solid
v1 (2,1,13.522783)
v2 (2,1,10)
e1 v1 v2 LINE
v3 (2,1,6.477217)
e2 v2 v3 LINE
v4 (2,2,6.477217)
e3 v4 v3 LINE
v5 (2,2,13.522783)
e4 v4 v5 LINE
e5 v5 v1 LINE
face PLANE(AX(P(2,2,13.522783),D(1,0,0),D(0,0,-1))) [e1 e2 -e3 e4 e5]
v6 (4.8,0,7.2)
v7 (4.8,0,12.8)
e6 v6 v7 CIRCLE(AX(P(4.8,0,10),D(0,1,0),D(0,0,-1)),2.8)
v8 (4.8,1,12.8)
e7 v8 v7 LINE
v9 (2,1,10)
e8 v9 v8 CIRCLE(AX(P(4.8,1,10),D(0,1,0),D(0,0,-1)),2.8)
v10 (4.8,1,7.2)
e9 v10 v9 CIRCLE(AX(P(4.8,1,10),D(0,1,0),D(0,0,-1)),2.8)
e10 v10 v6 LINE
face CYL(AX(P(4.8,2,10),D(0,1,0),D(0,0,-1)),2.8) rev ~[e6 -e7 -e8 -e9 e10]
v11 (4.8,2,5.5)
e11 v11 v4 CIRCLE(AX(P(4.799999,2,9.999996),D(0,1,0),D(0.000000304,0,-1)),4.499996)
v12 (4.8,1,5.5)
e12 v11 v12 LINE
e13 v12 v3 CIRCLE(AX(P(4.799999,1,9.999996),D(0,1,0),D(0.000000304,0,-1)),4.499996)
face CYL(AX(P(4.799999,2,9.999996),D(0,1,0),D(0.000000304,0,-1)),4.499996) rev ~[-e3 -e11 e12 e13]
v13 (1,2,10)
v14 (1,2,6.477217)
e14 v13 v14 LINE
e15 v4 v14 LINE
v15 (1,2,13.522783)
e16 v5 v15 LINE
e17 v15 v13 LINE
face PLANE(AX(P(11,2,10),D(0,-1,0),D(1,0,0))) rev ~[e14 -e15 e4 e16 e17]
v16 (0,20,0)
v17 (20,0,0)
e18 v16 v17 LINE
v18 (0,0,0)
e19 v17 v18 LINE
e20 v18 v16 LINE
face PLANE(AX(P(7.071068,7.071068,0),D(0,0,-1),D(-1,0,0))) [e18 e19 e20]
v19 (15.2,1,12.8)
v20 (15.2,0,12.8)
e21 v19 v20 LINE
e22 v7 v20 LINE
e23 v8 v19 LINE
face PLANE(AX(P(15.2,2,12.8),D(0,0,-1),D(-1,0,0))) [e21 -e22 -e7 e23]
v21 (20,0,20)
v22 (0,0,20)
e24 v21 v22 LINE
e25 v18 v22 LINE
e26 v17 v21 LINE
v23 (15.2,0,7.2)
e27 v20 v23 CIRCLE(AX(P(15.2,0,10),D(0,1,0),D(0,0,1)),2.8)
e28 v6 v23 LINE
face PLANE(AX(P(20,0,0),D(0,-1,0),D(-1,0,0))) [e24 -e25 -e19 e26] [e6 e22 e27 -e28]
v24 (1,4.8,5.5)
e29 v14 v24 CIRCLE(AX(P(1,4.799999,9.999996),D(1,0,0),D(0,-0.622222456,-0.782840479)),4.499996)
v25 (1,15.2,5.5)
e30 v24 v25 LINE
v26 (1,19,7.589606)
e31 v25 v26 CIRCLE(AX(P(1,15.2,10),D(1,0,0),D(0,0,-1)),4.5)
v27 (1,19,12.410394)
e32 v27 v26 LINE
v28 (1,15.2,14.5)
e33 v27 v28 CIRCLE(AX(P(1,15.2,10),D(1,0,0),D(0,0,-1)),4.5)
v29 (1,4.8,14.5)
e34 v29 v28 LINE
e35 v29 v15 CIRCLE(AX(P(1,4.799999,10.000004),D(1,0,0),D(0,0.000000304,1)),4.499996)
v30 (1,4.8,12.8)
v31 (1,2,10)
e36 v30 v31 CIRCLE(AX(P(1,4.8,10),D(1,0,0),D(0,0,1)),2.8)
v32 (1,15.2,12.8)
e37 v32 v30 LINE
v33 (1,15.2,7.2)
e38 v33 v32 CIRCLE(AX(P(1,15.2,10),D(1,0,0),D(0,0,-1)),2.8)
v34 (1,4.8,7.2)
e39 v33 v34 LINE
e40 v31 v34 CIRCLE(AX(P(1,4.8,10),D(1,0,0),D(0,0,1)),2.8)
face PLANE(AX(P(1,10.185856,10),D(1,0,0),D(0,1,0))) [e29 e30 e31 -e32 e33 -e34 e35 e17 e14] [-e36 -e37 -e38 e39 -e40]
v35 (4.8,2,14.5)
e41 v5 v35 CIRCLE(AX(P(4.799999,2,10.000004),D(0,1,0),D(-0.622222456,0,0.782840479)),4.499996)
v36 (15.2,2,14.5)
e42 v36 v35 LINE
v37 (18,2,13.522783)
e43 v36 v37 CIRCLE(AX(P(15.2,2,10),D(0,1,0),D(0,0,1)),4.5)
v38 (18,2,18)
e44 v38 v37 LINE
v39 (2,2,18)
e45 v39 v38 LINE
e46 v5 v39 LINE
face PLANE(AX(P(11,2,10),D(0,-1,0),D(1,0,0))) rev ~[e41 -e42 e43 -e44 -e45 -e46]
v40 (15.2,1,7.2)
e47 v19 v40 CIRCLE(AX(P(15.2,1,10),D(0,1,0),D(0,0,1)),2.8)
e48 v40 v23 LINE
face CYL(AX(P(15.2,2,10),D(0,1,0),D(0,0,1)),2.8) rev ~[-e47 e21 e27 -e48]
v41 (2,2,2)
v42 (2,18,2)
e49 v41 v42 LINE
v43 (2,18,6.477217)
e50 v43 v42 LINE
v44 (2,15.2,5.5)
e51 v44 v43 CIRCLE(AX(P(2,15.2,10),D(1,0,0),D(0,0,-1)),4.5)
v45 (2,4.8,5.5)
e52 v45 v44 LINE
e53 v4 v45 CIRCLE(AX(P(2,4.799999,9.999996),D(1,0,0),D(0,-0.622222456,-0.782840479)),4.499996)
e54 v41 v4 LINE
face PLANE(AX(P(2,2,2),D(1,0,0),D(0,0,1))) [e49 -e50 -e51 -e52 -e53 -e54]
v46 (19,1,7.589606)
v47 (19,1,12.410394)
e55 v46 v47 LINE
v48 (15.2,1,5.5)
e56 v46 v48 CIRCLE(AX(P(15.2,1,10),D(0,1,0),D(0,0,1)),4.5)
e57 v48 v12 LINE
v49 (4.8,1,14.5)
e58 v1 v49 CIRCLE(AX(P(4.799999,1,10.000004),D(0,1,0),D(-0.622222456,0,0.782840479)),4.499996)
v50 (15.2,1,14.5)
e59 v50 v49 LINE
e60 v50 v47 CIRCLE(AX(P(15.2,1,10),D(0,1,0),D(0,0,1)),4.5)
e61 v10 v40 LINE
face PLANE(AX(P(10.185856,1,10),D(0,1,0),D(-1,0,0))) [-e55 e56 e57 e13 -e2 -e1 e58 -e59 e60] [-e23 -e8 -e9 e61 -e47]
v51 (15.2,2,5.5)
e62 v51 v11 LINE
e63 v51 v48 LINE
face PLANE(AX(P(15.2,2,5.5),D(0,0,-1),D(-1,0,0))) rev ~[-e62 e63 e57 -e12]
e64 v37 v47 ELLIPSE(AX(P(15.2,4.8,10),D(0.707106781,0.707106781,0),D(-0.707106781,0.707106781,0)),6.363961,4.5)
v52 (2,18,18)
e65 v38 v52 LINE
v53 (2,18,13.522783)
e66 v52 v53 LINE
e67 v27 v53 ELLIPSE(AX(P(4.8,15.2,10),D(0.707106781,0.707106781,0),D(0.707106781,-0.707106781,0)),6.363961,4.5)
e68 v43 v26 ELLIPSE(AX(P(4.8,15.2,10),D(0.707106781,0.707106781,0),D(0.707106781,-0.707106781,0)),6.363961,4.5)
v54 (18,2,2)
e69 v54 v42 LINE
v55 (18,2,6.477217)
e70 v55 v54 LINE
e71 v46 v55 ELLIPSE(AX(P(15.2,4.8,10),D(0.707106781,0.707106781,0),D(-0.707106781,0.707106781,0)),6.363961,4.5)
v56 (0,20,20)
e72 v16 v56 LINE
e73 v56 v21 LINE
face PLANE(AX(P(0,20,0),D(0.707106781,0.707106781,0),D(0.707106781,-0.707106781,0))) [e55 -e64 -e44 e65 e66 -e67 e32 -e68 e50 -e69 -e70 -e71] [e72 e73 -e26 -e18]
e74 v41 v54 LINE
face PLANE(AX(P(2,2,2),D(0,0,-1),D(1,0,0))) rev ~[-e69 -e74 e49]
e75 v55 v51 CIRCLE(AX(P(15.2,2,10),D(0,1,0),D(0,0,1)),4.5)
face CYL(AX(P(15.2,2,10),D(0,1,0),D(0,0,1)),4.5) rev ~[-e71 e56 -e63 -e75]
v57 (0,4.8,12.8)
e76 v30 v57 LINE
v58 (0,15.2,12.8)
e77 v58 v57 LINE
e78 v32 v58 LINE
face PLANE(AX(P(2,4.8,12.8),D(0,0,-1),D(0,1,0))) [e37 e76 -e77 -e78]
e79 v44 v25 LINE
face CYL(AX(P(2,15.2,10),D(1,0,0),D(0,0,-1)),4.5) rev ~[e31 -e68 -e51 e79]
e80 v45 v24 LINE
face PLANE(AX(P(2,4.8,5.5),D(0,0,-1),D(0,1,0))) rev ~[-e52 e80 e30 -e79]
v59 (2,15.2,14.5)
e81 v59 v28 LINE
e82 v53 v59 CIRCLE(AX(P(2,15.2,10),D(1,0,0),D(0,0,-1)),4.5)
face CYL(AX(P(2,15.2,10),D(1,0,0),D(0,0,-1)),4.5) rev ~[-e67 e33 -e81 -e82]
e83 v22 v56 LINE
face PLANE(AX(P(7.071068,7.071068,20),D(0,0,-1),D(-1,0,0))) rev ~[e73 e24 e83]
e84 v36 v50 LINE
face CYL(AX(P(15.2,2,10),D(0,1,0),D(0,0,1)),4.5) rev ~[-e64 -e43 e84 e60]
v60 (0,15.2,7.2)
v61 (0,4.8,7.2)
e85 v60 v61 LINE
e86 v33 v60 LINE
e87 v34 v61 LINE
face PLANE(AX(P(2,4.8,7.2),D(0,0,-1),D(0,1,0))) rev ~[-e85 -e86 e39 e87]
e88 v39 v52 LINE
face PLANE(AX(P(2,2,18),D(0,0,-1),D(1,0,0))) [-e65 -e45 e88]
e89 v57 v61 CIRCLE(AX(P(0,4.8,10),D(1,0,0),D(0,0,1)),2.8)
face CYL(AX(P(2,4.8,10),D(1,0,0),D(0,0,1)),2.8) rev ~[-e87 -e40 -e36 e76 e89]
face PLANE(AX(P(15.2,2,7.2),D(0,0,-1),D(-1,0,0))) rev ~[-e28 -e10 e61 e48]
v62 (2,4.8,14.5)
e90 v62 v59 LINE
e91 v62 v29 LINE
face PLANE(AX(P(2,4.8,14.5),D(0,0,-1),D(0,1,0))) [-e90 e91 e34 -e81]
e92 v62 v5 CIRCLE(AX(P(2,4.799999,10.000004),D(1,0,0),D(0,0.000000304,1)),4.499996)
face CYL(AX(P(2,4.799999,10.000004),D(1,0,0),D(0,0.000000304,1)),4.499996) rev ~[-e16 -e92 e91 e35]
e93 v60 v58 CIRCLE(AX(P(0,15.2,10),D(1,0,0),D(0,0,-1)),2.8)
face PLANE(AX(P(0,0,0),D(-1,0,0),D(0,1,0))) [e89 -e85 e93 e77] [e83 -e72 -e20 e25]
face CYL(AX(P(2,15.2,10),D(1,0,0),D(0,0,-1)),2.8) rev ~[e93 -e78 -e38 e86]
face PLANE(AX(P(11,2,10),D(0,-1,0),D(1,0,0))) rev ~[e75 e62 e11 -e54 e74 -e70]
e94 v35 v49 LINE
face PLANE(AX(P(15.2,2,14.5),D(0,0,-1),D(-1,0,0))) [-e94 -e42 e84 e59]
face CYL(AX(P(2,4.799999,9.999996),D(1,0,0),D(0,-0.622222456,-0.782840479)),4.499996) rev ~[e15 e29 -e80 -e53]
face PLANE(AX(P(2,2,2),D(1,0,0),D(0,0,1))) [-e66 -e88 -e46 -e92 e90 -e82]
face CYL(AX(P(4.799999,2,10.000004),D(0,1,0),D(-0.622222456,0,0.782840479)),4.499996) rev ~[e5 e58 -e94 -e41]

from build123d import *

# Parameters (mm, degrees)
PAD_DEPTH            = 20
SKETCH001_W          = 18
SKETCH001_H          = 16
POCKET_DEPTH         = 18.001
POCKET001_DEPTH      = 2.001
POCKET002_DEPTH      = 1
POCKET002_DEPTH_BACK = -5
POCKET003_DEPTH      = 2.001
POCKET004_DEPTH      = 1


with BuildPart() as part:
    # Sketch → Pad (new body)
    with BuildSketch(Plane.XY):
        Polygon((0, 0), (0, 20), (20, 0), align=None)
    extrude(amount=PAD_DEPTH)

    # Sketch001 → Pocket (cut, through all)
    with BuildSketch(Plane.XZ.offset(-2)):
        with Locations((11, 10)):
            Rectangle(SKETCH001_W, SKETCH001_H)
    extrude(amount=-POCKET_DEPTH, mode=Mode.SUBTRACT)

    # Sketch002 (on Face9 of Pocket) → Pocket001 (cut, through all)
    with BuildSketch(Plane.YZ.offset(2)):
        with BuildLine():
            ThreePointArc((4.8, 12.8), (2, 10), (4.8, 7.2))
            Line((4.8, 7.2), (15.2, 7.2))
            ThreePointArc((15.2, 7.2), (18, 10), (15.2, 12.8))
            Line((4.8, 12.8), (15.2, 12.8))
        make_face()
    extrude(amount=-POCKET001_DEPTH, mode=Mode.SUBTRACT)

    # Sketch003 (on Face13 of Pocket001) → Pocket002 (cut, two sides)
    with BuildSketch(Plane.YZ.offset(2)) as pocket002_sk:
        with BuildLine():
            ThreePointArc((15.2, 5.5), (19.7, 10), (15.2, 14.5))
            Line((4.8, 14.5), (15.2, 14.5))
            ThreePointArc((4.8, 14.5), (3.317186, 14.248678), (2, 13.522783))
            Line((2, 13.522783), (2, 6.477217))
            ThreePointArc((2, 6.477217), (3.317186, 5.751322), (4.8, 5.5))
            Line((4.8, 5.5), (15.2, 5.5))
        make_face()
    extrude(amount=-POCKET002_DEPTH, mode=Mode.SUBTRACT)
    extrude(pocket002_sk.sketch, amount=-POCKET002_DEPTH_BACK, mode=Mode.SUBTRACT)

    # Sketch004 (on Face21 of Pocket002) → Pocket003 (cut, through all)
    with BuildSketch(Plane(origin=(0, 2, 0), x_dir=(-1, 0, 0), z_dir=(0, 1, 0))):
        with BuildLine():
            ThreePointArc((-15.2, 12.8), (-18, 10), (-15.2, 7.2))
            Line((-15.2, 7.2), (-4.8, 7.2))
            ThreePointArc((-4.8, 7.2), (-2, 10), (-4.8, 12.8))
            Line((-15.2, 12.8), (-4.8, 12.8))
        make_face()
    extrude(amount=-POCKET003_DEPTH, mode=Mode.SUBTRACT)

    # Sketch005 (on Face15 of Pocket003) → Pocket004 (cut)
    with BuildSketch(Plane(origin=(0, 2, 0), x_dir=(-1, 0, 0), z_dir=(0, 1, 0))):
        with BuildLine():
            ThreePointArc((-15.2, 14.5), (-19.7, 10), (-15.2, 5.5))
            Line((-15.2, 5.5), (-4.8, 5.5))
            ThreePointArc((-4.8, 5.5), (-3.317186, 5.751322), (-2, 6.477217))
            Line((-2, 13.522783), (-2, 6.477217))
            ThreePointArc((-2, 13.522783), (-3.317186, 14.248678), (-4.8, 14.5))
            Line((-15.2, 14.5), (-4.8, 14.5))
        make_face()
    extrude(amount=-POCKET004_DEPTH, mode=Mode.SUBTRACT)


solid = part.part
